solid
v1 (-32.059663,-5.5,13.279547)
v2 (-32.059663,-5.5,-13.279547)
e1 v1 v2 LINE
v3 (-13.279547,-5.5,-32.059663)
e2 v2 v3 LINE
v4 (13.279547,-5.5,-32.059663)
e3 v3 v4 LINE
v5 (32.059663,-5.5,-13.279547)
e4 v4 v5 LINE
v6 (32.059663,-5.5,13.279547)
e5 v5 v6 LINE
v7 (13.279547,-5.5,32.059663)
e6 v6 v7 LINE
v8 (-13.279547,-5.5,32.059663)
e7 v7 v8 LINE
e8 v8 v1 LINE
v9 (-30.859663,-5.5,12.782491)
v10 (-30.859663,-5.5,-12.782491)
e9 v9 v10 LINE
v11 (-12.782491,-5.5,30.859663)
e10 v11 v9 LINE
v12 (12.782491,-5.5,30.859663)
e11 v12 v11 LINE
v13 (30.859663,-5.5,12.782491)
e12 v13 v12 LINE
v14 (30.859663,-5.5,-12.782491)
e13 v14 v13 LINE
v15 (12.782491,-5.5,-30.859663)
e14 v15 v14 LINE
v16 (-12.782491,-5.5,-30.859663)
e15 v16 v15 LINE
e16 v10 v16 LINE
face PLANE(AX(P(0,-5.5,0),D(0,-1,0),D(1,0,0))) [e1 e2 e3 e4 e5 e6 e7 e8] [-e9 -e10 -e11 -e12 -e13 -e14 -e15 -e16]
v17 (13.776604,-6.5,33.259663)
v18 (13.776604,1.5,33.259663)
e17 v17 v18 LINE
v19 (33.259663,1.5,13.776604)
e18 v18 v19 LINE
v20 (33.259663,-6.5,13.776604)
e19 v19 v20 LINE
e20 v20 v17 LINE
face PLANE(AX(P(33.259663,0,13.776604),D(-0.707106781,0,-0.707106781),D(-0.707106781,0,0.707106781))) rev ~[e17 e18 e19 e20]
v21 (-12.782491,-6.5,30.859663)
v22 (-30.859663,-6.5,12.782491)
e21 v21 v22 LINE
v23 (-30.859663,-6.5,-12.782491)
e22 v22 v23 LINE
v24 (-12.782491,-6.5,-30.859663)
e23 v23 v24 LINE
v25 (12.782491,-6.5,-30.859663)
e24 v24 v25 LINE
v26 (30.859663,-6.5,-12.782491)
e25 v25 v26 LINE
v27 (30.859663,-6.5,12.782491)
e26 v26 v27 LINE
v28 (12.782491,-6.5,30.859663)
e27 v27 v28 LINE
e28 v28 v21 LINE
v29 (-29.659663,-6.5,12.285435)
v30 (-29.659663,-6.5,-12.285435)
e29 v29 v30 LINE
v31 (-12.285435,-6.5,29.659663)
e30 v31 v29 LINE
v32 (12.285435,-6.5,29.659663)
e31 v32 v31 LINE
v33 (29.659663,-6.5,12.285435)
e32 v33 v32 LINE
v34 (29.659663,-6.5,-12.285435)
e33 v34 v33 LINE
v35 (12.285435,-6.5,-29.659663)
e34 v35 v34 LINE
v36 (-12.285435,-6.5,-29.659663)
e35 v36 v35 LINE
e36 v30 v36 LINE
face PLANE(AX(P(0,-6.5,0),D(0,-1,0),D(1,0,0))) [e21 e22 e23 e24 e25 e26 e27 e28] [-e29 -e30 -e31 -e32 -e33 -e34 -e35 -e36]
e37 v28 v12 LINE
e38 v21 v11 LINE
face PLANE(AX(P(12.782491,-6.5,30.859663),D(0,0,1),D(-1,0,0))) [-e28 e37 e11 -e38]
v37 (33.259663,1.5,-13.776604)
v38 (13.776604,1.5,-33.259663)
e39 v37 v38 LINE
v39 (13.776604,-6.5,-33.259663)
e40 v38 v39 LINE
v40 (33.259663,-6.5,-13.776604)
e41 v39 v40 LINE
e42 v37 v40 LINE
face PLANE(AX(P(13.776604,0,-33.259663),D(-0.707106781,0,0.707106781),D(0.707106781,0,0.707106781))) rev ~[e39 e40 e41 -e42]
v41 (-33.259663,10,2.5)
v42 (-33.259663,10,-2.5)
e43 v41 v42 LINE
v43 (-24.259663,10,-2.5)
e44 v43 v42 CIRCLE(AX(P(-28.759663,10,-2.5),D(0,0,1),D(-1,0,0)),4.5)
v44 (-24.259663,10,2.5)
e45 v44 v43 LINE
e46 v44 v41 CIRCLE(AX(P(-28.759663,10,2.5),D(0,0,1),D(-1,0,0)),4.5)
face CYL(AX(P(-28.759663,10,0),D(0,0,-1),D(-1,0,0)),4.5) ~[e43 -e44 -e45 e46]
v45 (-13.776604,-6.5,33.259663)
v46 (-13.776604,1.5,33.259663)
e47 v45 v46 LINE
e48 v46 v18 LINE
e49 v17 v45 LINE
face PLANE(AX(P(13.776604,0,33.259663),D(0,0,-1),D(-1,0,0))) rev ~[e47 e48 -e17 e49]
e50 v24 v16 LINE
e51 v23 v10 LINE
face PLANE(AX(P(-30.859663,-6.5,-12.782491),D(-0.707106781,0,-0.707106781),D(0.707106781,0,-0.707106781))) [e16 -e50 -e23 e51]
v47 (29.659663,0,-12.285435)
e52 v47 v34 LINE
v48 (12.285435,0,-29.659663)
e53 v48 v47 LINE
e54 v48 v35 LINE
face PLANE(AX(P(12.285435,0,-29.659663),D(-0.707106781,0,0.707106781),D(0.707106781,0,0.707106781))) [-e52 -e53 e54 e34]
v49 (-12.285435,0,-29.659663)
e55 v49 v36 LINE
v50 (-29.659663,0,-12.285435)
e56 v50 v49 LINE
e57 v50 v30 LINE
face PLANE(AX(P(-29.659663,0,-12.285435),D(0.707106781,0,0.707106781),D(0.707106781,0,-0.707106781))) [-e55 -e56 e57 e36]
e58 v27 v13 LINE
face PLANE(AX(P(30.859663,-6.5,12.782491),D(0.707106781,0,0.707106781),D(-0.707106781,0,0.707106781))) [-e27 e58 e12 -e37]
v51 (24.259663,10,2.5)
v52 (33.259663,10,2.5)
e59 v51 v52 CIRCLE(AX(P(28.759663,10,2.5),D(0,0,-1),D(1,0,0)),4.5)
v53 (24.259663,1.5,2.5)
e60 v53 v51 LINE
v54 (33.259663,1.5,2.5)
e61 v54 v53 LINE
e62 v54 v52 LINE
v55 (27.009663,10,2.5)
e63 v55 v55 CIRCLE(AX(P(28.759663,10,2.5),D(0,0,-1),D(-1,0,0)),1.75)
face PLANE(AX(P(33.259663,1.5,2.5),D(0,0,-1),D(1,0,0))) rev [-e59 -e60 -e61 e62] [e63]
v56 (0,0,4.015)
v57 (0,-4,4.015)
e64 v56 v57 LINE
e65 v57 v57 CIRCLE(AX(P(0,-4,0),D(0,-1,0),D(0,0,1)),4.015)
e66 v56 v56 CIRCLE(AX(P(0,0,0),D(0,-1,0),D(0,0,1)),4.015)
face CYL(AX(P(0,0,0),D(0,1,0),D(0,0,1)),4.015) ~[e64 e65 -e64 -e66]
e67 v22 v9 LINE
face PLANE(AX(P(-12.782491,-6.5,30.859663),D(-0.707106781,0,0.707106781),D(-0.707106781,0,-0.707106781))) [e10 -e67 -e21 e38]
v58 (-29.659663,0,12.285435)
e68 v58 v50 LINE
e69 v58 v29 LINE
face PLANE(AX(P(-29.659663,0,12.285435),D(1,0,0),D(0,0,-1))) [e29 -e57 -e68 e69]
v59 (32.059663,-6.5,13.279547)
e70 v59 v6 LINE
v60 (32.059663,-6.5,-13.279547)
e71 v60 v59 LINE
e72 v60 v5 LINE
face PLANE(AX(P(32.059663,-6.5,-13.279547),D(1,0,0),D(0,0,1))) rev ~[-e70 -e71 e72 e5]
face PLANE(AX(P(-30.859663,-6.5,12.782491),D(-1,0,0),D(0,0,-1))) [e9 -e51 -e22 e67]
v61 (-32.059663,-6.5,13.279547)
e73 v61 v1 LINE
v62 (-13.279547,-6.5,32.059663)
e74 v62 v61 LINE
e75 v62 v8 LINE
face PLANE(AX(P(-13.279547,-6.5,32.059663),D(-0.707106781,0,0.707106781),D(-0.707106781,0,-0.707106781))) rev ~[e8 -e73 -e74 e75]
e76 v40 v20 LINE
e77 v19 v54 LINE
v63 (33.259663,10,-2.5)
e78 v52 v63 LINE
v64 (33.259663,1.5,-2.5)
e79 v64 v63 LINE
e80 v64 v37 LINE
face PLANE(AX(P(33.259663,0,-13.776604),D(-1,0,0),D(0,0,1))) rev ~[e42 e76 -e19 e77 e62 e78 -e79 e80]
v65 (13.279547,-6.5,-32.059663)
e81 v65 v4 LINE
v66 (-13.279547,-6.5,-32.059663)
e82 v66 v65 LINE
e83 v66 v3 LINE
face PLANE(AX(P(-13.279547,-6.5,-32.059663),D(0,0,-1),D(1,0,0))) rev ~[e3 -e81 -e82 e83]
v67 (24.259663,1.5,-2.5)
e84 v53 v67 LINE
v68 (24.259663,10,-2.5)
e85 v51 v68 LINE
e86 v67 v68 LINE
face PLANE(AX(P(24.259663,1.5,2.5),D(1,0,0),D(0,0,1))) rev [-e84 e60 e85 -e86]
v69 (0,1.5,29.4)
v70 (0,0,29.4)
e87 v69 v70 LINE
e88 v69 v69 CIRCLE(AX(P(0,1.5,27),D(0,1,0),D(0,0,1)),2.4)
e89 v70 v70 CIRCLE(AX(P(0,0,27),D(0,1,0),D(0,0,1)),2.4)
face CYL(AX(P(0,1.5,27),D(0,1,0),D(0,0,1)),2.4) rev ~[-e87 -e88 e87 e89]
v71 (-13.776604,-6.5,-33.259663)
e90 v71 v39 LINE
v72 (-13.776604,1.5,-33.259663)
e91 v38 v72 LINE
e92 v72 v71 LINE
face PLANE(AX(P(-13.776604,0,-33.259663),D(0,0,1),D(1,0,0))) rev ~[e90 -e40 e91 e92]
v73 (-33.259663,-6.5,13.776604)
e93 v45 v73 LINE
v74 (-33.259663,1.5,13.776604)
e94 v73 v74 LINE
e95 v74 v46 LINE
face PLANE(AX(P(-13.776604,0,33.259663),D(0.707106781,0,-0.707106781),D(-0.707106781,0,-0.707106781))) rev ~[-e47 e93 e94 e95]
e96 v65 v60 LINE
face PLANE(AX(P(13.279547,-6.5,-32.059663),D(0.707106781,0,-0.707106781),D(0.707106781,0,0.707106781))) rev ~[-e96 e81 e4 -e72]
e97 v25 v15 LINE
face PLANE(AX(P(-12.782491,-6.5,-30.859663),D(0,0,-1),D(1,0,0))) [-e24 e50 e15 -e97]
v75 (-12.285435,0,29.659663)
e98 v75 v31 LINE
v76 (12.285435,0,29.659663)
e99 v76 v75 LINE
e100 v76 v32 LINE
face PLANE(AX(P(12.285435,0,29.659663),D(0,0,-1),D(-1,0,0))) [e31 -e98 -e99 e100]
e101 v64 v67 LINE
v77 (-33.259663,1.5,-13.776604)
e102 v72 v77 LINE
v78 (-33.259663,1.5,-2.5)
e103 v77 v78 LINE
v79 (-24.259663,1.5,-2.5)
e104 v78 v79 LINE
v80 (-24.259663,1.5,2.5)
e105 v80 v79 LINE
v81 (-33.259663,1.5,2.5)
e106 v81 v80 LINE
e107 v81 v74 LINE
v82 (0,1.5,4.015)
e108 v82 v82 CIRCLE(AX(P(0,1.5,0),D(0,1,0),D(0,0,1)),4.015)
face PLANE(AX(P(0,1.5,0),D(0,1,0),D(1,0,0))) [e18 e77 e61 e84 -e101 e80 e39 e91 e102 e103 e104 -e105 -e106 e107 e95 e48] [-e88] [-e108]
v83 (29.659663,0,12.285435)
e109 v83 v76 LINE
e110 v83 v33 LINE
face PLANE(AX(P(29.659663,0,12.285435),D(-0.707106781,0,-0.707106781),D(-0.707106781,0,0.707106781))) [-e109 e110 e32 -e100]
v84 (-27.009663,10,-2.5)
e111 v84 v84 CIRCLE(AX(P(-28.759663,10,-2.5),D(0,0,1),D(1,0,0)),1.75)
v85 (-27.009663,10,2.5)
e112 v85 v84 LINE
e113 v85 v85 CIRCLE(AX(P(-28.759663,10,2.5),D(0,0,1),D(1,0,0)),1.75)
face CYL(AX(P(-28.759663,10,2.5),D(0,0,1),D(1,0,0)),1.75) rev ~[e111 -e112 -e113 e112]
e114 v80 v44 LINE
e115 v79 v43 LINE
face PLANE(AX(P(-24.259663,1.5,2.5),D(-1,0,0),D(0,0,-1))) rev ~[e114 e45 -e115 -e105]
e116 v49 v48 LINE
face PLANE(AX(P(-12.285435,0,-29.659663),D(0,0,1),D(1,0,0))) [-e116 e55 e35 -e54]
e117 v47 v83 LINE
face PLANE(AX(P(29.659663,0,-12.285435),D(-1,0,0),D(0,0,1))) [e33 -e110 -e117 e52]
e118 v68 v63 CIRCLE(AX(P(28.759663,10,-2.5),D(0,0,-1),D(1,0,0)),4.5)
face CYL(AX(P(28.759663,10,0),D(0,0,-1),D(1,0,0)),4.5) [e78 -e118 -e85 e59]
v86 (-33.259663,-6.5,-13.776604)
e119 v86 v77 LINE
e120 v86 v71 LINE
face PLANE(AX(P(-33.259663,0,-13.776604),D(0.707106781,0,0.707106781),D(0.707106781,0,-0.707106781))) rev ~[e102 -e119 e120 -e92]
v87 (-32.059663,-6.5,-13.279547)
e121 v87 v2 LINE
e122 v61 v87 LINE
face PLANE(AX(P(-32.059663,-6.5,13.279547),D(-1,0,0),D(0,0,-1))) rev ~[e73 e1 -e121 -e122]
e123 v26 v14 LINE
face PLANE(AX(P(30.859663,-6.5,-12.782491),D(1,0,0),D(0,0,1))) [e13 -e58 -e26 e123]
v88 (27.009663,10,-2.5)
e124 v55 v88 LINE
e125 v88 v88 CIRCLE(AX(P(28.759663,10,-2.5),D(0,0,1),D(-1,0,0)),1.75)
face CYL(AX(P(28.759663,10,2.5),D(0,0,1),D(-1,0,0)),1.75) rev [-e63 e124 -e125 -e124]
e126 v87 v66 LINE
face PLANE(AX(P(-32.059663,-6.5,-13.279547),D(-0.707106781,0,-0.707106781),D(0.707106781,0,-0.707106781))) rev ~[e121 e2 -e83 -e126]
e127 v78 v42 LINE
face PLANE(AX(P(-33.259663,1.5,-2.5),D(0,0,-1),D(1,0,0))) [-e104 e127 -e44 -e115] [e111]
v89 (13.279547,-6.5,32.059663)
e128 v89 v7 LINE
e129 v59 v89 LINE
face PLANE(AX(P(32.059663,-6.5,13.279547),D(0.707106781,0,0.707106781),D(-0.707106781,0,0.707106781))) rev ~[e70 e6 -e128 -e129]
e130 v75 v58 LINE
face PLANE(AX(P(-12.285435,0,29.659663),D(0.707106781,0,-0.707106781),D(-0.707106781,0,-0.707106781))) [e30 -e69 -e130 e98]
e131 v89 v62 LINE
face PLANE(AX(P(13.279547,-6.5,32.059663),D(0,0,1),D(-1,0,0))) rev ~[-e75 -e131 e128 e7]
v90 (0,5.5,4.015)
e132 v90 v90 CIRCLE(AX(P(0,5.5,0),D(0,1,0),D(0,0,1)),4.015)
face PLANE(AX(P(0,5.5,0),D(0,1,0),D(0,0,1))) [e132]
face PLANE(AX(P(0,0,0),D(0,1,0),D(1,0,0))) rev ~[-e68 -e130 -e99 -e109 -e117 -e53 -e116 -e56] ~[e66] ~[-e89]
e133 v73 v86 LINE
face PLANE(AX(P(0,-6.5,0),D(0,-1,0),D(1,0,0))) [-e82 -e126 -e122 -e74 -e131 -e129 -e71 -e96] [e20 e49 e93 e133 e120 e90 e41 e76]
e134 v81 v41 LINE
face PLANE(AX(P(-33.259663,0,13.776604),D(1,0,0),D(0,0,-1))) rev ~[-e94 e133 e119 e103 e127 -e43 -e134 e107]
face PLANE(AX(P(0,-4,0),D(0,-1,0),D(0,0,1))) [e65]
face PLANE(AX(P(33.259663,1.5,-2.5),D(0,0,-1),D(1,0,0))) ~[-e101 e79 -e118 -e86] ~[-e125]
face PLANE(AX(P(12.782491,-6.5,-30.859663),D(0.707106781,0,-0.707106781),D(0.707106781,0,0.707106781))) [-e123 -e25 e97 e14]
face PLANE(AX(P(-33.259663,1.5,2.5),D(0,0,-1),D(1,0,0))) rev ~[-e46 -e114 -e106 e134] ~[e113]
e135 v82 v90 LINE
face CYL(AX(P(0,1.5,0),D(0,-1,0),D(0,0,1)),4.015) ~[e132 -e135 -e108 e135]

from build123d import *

# Parameters (mm, degrees)
EXTRUDE_1_DEPTH     = 1.5
EXTRUDE_2_DEPTH     = 6.5
CUT_EXTRUDE_1_DEPTH = 1
SKETCH_4_R          = 4.015
EXTRUDE_3_DEPTH     = 4
SKETCH_6_R          = 4.015
EXTRUDE_4_DEPTH     = 4
SKETCH_7_R          = 2.4
CUT_EXTRUDE_3_DEPTH = 48.711742668
SKETCH_8_W          = 9
SKETCH_8_H          = 5
EXTRUDE_5_DEPTH     = 8.5
SKETCH_9_W          = 4.5
SKETCH_9_H          = 5
SKETCH_10_R         = 1.75
CUT_EXTRUDE_4_DEPTH = 51.943190951


with BuildPart() as part:
    # 스케치1 → 보스-돌출1 (new body)
    with BuildSketch(Plane(origin=(0, 0, 0), x_dir=(1, 0, 0), z_dir=(0, 1, 0))):
        Polygon((13.776603565, 33.25966317), (-13.776603565, 33.25966317), (-33.25966317, 13.776603565), (-33.25966317, -13.776603565), (-13.776603565, -33.25966317), (13.776603565, -33.25966317), (33.25966317, -13.776603565), (33.25966317, 13.776603565), align=None)
        Polygon((-13.27954729, 32.05966317), (-32.05966317, 13.27954729), (-32.05966317, -13.27954729), (-13.27954729, -32.05966317), (13.27954729, -32.05966317), (32.05966317, -13.27954729), (32.05966317, 13.27954729), (13.27954729, 32.05966317), align=None, mode=Mode.SUBTRACT)
        Polygon((13.27954729, 32.05966317), (-13.27954729, 32.05966317), (-32.05966317, 13.27954729), (-32.05966317, -13.27954729), (-13.27954729, -32.05966317), (13.27954729, -32.05966317), (32.05966317, -13.27954729), (32.05966317, 13.27954729), align=None)
    extrude(amount=EXTRUDE_1_DEPTH)

    # 스케치2 → 보스-돌출2 (add)
    with BuildSketch(Plane.XZ):
        Polygon((-33.25966317, -13.776603565), (-13.776603565, -33.25966317), (13.776603565, -33.25966317), (33.25966317, -13.776603565), (33.25966317, 13.776603565), (13.776603565, 33.25966317), (-13.776603565, 33.25966317), (-33.25966317, 13.776603565), align=None)
        Polygon((-32.05966317, -13.27954729), (-13.27954729, -32.05966317), (13.27954729, -32.05966317), (32.05966317, -13.27954729), (32.05966317, 13.27954729), (13.27954729, 32.05966317), (-13.27954729, 32.05966317), (-32.05966317, 13.27954729), align=None, mode=Mode.SUBTRACT)
        Polygon((-32.05966317, 13.27954729), (-32.05966317, -13.27954729), (-13.27954729, -32.05966317), (13.27954729, -32.05966317), (32.05966317, -13.27954729), (32.05966317, 13.27954729), (13.27954729, 32.05966317), (-13.27954729, 32.05966317), align=None)
        Polygon((-30.85966317, -12.782491015), (-12.782491015, -30.85966317), (12.782491015, -30.85966317), (30.85966317, -12.782491015), (30.85966317, 12.782491015), (12.782491015, 30.85966317), (-12.782491015, 30.85966317), (-30.85966317, 12.782491015), align=None, mode=Mode.SUBTRACT)
        Polygon((-30.85966317, 12.782491015), (-30.85966317, -12.782491015), (-12.782491015, -30.85966317), (12.782491015, -30.85966317), (30.85966317, -12.782491015), (30.85966317, 12.782491015), (12.782491015, 30.85966317), (-12.782491015, 30.85966317), align=None)
        Polygon((-29.65966317, -12.285434741), (-12.285434741, -29.65966317), (12.285434741, -29.65966317), (29.65966317, -12.285434741), (29.65966317, 12.285434741), (12.285434741, 29.65966317), (-12.285434741, 29.65966317), (-29.65966317, 12.285434741), align=None, mode=Mode.SUBTRACT)
    extrude(amount=EXTRUDE_2_DEPTH)

    # 스케치3 → 컷-돌출1 (cut)
    with BuildSketch(Plane.XZ.offset(6.5)):
        Polygon((-32.05966317, -13.27954729), (-13.27954729, -32.05966317), (13.27954729, -32.05966317), (32.05966317, -13.27954729), (32.05966317, 13.27954729), (13.27954729, 32.05966317), (-13.27954729, 32.05966317), (-32.05966317, 13.27954729), align=None)
        Polygon((-30.85966317, -12.782491015), (-12.782491015, -30.85966317), (12.782491015, -30.85966317), (30.85966317, -12.782491015), (30.85966317, 12.782491015), (12.782491015, 30.85966317), (-12.782491015, 30.85966317), (-30.85966317, 12.782491015), align=None, mode=Mode.SUBTRACT)
    extrude(amount=-CUT_EXTRUDE_1_DEPTH, mode=Mode.SUBTRACT)

    # 스케치4 → 보스-돌출3 (add)
    with BuildSketch(Plane(origin=(0, 1.5, 0), x_dir=(1, 0, 0), z_dir=(0, 1, 0))):
        with Locations(Location((0, 0, 0), (0, 0, 270))):
            Circle(SKETCH_4_R)
    extrude(amount=EXTRUDE_3_DEPTH)

    # 스케치6 → 보스-돌출4 (add)
    with BuildSketch(Plane.XZ):
        with Locations(Location((0, 0, 0), (0, 0, 90))):
            Circle(SKETCH_6_R)
    extrude(amount=EXTRUDE_4_DEPTH)

    # 스케치7 → 컷-돌출3 (cut, through all)
    with BuildSketch(Plane(origin=(0, 1.5, 0), x_dir=(1, 0, 0), z_dir=(0, 1, 0))):
        with Locations(Location((0, -27, 0), (0, 0, 270))):
            Circle(SKETCH_7_R)
    extrude(amount=-CUT_EXTRUDE_3_DEPTH, mode=Mode.SUBTRACT)

    # 스케치8 → 보스-돌출5 (add)
    with BuildSketch(Plane(origin=(0, 1.5, 0), x_dir=(1, 0, 0), z_dir=(0, 1, 0))):
        with Locations((-28.75966317, 0)):
            Rectangle(SKETCH_8_W, SKETCH_8_H)
    extrude_5 = extrude(amount=EXTRUDE_5_DEPTH)

    # 스케치9 → 회전1 (revolve)
    with BuildSketch(Plane(origin=(0, 10, 0), x_dir=(1, 0, 0), z_dir=(0, 1, 0))):
        with Locations((-31.00966317, 0)):
            Rectangle(SKETCH_9_W, SKETCH_9_H)
    revolve_1 = revolve(axis=Axis((-28.75966317, 10, -5.508751215), (0, 0, 1)))

    # 스케치10 → 컷-돌출4 (cut, through all)
    with BuildSketch(Plane.XY.offset(2.5)):
        with Locations((-28.75966317, 10)):
            Circle(SKETCH_10_R)
    cut_extrude_4 = extrude(amount=-CUT_EXTRUDE_4_DEPTH, mode=Mode.SUBTRACT)

    # 대칭 복사1: 보스-돌출5, 회전1, 컷-돌출4 across plane
    add(extrude_5.mirror(Plane(origin=(0, 0, 0), x_dir=(0, 0, 1), z_dir=(1, 0, 0))))
    add(revolve_1.mirror(Plane(origin=(0, 0, 0), x_dir=(0, 0, 1), z_dir=(1, 0, 0))))
    add(cut_extrude_4.mirror(Plane(origin=(0, 0, 0), x_dir=(0, 0, 1), z_dir=(1, 0, 0))), mode=Mode.SUBTRACT)


solid = part.part
